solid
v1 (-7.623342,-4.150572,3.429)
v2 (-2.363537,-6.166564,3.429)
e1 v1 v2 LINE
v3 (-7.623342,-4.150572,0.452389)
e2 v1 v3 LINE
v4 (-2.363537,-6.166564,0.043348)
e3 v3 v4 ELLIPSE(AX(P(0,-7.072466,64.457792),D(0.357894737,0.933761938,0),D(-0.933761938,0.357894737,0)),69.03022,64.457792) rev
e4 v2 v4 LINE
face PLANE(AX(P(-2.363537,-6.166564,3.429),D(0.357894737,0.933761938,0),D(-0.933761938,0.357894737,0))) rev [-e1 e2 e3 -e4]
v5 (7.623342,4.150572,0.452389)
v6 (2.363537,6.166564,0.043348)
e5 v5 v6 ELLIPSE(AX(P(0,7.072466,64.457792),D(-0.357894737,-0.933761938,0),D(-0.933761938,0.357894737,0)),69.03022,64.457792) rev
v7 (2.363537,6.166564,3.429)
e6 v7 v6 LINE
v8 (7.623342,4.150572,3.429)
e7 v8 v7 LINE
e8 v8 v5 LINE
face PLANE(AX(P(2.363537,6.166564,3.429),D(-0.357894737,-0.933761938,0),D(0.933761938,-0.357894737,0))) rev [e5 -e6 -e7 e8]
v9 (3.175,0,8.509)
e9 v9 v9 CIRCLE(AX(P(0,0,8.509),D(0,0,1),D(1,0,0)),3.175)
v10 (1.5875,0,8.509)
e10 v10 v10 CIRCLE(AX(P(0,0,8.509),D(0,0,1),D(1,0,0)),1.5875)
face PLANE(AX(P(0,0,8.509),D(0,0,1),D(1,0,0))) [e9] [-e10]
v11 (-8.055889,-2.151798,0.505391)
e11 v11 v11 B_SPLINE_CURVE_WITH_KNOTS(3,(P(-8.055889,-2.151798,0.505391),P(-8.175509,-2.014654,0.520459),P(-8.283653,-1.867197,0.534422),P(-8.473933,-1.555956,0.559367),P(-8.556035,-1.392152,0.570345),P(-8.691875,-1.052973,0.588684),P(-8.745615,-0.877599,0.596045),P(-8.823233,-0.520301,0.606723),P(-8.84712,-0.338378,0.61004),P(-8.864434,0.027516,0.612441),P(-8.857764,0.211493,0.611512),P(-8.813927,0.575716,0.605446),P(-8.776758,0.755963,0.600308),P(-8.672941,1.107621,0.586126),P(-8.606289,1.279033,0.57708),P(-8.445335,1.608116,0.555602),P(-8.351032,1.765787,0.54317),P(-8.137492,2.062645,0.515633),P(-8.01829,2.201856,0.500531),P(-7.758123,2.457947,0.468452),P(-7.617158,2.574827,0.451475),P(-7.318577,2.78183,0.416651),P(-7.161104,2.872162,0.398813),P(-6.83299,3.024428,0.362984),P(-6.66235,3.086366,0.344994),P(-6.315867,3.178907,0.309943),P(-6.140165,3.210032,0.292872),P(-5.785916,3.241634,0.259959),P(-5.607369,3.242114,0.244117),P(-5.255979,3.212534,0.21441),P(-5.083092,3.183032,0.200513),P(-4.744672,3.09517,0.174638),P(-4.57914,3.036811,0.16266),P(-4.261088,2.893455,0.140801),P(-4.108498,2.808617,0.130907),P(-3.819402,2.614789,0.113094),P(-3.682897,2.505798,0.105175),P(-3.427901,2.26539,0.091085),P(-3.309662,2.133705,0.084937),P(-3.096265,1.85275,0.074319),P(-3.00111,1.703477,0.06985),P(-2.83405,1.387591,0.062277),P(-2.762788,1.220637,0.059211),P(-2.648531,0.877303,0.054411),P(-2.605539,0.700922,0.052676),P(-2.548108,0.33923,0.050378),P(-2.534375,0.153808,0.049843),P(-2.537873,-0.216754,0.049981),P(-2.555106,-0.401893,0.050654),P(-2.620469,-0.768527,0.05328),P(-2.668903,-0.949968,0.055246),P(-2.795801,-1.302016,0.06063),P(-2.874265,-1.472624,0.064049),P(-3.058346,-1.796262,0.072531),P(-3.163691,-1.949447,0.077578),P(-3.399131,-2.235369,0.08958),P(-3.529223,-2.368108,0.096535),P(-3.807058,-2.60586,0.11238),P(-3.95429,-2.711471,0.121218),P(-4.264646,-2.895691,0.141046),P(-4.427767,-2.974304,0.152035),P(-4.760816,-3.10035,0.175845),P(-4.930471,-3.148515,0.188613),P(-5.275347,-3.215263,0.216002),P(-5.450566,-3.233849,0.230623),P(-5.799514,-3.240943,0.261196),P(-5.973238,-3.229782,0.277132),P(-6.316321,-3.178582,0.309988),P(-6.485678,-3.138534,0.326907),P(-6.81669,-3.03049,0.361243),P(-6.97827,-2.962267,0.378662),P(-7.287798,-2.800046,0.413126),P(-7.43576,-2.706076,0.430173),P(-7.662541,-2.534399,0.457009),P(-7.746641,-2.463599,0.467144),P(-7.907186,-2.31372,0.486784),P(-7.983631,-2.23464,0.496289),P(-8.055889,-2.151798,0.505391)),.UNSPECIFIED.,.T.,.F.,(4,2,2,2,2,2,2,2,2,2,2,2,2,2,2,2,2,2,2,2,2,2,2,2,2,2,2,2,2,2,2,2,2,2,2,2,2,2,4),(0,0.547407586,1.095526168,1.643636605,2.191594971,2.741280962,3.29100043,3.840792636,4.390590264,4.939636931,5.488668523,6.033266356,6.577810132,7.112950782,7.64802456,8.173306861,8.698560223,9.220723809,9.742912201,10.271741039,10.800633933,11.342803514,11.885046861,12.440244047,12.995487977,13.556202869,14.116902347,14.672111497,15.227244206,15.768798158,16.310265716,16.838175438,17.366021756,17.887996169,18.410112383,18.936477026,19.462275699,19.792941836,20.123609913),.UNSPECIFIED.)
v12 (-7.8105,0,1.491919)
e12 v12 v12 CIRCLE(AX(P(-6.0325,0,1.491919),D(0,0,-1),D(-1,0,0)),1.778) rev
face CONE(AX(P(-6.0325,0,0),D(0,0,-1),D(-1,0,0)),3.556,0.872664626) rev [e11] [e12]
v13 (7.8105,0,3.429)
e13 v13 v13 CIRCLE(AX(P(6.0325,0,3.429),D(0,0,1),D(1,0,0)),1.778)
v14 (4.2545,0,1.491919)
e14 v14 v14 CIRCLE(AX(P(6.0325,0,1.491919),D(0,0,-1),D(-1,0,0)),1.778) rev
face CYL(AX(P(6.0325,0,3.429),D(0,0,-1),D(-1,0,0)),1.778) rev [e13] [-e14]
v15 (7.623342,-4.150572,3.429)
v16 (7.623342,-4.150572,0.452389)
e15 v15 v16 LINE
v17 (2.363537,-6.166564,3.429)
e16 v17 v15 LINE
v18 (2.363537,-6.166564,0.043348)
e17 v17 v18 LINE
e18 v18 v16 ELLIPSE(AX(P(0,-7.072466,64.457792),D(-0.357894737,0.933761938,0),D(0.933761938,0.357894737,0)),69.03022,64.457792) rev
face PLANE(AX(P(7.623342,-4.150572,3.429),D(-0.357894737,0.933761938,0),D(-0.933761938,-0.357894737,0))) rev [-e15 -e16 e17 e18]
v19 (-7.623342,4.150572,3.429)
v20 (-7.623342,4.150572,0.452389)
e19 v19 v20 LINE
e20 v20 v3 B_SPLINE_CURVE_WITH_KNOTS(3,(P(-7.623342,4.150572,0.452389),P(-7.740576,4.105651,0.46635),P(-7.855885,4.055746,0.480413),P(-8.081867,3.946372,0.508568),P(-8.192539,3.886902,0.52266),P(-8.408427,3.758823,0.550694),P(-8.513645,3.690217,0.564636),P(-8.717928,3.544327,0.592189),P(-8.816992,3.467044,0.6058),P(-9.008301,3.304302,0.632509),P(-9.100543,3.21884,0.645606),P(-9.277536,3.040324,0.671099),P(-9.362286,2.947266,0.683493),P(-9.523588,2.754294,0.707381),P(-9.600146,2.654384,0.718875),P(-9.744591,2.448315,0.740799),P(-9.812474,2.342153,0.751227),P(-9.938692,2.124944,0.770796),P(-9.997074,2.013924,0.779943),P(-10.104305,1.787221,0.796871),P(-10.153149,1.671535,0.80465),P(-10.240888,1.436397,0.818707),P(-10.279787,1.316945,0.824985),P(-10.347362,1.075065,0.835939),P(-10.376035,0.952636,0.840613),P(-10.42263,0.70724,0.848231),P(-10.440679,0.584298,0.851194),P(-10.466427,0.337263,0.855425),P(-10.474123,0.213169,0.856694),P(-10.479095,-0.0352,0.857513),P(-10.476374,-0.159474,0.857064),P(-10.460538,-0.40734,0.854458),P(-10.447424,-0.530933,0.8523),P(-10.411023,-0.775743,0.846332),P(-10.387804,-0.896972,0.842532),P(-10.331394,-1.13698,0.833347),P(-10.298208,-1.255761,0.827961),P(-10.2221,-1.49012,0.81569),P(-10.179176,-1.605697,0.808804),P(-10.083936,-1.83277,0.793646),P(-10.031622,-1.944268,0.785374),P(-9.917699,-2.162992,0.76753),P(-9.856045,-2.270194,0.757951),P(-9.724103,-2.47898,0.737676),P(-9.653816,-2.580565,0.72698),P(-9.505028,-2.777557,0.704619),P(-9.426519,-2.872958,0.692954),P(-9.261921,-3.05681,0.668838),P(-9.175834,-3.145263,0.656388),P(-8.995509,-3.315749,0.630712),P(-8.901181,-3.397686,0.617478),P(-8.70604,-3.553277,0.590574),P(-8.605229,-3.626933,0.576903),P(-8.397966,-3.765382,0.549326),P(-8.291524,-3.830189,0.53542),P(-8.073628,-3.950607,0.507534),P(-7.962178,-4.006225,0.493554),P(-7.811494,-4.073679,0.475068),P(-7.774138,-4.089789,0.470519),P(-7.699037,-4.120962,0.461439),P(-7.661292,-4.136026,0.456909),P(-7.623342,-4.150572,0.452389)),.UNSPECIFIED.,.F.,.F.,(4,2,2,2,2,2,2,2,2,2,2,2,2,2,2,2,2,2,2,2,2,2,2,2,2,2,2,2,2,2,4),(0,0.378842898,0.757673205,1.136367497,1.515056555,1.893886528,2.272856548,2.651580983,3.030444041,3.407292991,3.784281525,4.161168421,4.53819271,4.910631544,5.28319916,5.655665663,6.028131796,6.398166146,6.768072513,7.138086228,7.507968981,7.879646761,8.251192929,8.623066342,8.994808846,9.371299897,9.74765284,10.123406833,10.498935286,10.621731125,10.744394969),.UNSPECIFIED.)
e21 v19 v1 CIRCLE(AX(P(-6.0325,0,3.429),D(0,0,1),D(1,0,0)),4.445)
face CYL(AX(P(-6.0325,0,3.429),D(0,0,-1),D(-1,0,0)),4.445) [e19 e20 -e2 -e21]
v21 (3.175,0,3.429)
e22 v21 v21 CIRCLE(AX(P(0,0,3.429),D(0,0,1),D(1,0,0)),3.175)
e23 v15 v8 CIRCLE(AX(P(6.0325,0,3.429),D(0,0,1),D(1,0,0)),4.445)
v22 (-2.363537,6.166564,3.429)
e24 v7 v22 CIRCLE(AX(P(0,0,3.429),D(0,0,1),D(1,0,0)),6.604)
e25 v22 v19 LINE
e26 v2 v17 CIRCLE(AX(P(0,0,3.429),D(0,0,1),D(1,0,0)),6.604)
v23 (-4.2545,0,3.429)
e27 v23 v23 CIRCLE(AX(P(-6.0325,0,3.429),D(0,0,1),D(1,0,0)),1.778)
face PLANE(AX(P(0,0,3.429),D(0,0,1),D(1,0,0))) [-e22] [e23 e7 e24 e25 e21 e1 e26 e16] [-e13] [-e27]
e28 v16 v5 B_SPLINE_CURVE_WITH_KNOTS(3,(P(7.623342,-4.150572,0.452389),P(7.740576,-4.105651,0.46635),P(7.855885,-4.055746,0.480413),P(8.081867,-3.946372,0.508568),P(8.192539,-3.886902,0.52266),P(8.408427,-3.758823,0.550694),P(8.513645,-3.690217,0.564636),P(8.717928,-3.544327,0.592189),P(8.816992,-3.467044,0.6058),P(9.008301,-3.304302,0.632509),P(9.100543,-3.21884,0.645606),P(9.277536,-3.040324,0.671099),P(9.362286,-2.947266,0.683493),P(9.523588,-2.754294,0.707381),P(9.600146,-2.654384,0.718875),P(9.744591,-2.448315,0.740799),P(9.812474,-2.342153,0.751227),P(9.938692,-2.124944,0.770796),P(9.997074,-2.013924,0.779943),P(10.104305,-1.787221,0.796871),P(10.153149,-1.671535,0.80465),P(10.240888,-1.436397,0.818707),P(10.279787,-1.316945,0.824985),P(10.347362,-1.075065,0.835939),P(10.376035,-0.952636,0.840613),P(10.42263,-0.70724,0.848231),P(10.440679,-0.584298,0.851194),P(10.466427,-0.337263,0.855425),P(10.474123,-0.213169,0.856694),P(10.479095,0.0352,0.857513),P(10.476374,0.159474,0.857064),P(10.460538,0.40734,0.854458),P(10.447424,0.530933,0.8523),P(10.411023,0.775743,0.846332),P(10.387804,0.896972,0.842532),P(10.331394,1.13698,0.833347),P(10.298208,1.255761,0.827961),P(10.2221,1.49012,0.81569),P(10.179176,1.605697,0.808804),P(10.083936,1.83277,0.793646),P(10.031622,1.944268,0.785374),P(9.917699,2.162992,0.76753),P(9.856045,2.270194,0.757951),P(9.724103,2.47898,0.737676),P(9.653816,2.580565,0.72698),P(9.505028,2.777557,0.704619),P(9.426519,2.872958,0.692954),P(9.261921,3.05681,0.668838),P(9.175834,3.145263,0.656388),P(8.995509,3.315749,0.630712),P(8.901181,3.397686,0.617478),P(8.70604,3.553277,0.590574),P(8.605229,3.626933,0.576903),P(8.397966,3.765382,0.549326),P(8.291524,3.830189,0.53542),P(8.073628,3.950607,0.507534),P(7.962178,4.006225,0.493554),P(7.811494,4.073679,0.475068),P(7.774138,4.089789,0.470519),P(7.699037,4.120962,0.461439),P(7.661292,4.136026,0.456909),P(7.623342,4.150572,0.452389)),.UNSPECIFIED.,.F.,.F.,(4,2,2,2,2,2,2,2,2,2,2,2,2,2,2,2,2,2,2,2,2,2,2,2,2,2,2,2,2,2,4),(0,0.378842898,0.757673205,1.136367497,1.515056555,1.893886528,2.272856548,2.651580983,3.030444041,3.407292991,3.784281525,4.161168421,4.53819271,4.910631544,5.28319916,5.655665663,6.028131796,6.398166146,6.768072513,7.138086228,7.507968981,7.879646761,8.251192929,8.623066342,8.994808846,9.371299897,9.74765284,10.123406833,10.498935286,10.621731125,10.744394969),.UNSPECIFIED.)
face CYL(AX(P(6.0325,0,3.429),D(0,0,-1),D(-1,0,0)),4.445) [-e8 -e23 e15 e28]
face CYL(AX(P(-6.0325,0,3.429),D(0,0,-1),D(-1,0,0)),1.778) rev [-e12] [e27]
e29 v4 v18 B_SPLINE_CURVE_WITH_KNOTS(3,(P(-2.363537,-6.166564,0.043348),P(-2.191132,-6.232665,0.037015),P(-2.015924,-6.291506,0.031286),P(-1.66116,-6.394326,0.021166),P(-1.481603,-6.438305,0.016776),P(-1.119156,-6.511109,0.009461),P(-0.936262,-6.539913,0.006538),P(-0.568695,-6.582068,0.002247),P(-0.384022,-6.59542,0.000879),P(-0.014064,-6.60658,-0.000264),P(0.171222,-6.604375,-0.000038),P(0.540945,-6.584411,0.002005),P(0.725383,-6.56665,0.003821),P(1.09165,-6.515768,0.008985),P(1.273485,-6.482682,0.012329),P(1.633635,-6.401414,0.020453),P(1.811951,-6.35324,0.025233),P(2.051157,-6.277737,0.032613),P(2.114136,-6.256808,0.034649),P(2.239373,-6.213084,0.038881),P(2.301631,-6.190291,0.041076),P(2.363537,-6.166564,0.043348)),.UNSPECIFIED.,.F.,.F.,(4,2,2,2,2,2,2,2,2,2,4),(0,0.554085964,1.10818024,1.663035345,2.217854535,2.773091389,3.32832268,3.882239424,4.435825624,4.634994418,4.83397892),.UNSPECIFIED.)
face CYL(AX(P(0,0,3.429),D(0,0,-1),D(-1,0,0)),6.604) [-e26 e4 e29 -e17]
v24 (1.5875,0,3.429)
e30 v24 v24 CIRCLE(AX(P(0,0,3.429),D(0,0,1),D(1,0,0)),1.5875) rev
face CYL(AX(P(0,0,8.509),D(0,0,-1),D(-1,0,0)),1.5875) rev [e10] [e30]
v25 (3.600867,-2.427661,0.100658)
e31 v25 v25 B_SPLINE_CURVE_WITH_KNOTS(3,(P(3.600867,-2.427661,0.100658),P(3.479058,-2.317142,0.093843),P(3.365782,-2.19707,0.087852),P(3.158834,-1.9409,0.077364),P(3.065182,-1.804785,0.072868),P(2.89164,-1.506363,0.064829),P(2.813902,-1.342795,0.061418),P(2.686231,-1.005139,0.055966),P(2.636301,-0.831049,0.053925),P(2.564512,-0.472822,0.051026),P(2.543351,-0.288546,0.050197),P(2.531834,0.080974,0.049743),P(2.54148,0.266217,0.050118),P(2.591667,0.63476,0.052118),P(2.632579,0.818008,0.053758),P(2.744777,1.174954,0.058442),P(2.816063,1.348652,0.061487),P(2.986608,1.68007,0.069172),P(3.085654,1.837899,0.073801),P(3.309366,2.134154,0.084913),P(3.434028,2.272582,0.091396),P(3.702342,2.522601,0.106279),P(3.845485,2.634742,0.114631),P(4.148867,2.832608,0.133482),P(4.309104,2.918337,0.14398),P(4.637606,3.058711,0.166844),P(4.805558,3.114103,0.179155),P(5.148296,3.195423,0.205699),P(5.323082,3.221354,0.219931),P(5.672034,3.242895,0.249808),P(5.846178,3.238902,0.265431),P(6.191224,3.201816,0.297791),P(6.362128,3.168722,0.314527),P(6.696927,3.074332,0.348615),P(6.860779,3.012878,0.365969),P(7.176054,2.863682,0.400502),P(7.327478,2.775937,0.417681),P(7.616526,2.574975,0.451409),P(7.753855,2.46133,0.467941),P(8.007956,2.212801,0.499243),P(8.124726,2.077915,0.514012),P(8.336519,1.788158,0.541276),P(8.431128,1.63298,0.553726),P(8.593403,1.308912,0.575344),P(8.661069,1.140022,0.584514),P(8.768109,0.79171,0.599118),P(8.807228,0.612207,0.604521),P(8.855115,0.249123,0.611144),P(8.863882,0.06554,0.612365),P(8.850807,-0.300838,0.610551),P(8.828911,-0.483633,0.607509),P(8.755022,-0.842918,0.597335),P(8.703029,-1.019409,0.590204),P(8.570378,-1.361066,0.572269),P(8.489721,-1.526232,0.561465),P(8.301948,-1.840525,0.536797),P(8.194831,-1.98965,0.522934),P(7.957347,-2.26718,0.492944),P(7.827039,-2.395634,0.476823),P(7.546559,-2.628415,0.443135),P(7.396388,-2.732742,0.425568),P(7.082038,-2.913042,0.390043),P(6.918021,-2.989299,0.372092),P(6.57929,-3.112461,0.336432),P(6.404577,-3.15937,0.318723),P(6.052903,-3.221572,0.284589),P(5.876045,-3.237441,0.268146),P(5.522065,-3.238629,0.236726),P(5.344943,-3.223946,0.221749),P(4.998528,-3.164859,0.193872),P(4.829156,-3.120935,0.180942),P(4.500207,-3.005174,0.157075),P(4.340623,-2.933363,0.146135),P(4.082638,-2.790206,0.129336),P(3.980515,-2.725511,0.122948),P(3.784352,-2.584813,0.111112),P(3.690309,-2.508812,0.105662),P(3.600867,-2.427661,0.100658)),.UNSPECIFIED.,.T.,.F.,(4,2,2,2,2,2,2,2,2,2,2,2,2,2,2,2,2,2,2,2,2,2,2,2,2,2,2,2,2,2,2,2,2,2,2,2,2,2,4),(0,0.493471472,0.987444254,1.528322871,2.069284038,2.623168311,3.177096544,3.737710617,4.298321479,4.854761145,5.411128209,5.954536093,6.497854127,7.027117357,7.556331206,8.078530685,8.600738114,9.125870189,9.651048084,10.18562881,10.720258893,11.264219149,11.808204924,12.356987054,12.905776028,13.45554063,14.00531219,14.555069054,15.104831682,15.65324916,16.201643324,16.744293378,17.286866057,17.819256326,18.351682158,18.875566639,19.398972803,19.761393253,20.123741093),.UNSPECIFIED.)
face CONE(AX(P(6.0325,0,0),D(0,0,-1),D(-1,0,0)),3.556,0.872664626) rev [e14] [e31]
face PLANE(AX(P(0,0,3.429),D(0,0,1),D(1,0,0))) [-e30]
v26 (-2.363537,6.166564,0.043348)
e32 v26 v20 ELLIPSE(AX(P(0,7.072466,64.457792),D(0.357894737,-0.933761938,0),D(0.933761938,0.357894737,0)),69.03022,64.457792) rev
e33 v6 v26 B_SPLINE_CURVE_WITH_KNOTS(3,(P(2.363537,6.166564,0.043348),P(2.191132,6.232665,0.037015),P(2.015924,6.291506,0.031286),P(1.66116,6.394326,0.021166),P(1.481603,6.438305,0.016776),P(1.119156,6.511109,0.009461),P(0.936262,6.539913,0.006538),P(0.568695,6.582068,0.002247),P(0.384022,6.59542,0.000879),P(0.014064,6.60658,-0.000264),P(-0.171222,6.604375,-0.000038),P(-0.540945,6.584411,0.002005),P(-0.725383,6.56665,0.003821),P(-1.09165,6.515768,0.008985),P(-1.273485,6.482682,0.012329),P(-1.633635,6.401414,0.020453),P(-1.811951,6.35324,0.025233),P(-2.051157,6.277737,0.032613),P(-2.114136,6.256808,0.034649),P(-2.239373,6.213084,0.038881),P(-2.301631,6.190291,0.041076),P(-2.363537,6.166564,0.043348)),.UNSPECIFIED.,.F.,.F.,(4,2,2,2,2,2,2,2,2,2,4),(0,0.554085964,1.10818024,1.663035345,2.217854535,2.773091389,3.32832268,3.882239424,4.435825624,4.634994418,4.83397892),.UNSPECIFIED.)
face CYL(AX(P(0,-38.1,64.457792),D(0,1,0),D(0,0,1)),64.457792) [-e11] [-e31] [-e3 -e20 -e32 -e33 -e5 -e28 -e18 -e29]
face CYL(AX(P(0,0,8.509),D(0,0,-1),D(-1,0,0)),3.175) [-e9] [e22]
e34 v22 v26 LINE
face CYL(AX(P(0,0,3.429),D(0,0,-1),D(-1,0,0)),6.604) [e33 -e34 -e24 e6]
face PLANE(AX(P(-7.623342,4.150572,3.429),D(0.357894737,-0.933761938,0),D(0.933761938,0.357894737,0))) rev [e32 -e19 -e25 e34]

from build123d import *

# Parameters (mm, degrees)
SKETCH3_R          = 1.778
EXTRUDE1_DEPTH     = 3.429
SKETCH4_R          = 3.175
SKETCH4_R_2        = 1.5875
EXTRUDE2_DEPTH     = 5.08
CUT_EXTRUDE2_DEPTH = 38.1


with BuildPart() as part:
    # Sketch3 → Extrude1 (new body)
    with BuildSketch(Plane.XY):
        with BuildLine():
            Line((2.363536842, 6.16656384), (7.623342105, 4.150571816))
            ThreePointArc((7.623342105, 4.150571816), (10.4775, 0), (7.623342105, -4.150571816))
            Line((7.623342105, -4.150571816), (2.363536842, -6.16656384))
            ThreePointArc((2.363536842, -6.16656384), (0, -6.604), (-2.363536842, -6.16656384))
            Line((-2.363536842, -6.16656384), (-7.623342105, -4.150571816))
            ThreePointArc((-7.623342105, -4.150571816), (-10.4775, 0), (-7.623342105, 4.150571816))
            Line((-7.623342105, 4.150571816), (-2.363536842, 6.16656384))
            ThreePointArc((-2.363536842, 6.16656384), (0, 6.604), (2.363536842, 6.16656384))
        make_face()
        with Locations((-6.0325, 0)):
            Circle(SKETCH3_R, mode=Mode.SUBTRACT)
        with Locations((6.0325, 0)):
            Circle(SKETCH3_R, mode=Mode.SUBTRACT)
    extrude(amount=EXTRUDE1_DEPTH)

    # Sketch4 → Extrude2 (add)
    with BuildSketch(Plane.XY.offset(3.429)):
        Circle(SKETCH4_R)
        Circle(SKETCH4_R_2, mode=Mode.SUBTRACT)
    extrude(amount=EXTRUDE2_DEPTH)

    # Cut-Extrude1 cone 1 section (through the dimple's axis) → Cut-Extrude1 (revolve, cut)
    with BuildSketch(Plane.YZ.offset(6.0325)):
        Polygon((0, 0), (3.556, 0), (0, 2.983838288), align=None)
    revolve(axis=Axis((6.0325, 0, 0), (0, 0, 1)), mode=Mode.SUBTRACT)

    # Cut-Extrude1 cone 2 section (through the dimple's axis) → Cut-Extrude1 cone 2 (revolve, cut)
    with BuildSketch(Plane.YZ.offset(-6.0325)):
        Polygon((0, 0), (3.556, 0), (0, 2.983838288), align=None)
    revolve(axis=Axis((-6.0325, 0, 0), (0, 0, 1)), mode=Mode.SUBTRACT)

    # Sketch6 → Cut-Extrude2 (cut, symmetric)
    with BuildSketch(Plane(origin=(0, 0, 0), x_dir=(1, 0, 0), z_dir=(0, 1, 0))):
        with BuildLine():
            Line((10.4775, -0.85725), (10.4775, 0.508))
            Line((10.4775, 0.508), (-10.4775, 0.508))
            Line((-10.4775, 0.508), (-10.4775, -0.85725))
            ThreePointArc((-10.4775, -0.85725), (0, 0), (10.4775, -0.85725))
        make_face()
    extrude(amount=CUT_EXTRUDE2_DEPTH, both=True, mode=Mode.SUBTRACT)


solid = part.part
